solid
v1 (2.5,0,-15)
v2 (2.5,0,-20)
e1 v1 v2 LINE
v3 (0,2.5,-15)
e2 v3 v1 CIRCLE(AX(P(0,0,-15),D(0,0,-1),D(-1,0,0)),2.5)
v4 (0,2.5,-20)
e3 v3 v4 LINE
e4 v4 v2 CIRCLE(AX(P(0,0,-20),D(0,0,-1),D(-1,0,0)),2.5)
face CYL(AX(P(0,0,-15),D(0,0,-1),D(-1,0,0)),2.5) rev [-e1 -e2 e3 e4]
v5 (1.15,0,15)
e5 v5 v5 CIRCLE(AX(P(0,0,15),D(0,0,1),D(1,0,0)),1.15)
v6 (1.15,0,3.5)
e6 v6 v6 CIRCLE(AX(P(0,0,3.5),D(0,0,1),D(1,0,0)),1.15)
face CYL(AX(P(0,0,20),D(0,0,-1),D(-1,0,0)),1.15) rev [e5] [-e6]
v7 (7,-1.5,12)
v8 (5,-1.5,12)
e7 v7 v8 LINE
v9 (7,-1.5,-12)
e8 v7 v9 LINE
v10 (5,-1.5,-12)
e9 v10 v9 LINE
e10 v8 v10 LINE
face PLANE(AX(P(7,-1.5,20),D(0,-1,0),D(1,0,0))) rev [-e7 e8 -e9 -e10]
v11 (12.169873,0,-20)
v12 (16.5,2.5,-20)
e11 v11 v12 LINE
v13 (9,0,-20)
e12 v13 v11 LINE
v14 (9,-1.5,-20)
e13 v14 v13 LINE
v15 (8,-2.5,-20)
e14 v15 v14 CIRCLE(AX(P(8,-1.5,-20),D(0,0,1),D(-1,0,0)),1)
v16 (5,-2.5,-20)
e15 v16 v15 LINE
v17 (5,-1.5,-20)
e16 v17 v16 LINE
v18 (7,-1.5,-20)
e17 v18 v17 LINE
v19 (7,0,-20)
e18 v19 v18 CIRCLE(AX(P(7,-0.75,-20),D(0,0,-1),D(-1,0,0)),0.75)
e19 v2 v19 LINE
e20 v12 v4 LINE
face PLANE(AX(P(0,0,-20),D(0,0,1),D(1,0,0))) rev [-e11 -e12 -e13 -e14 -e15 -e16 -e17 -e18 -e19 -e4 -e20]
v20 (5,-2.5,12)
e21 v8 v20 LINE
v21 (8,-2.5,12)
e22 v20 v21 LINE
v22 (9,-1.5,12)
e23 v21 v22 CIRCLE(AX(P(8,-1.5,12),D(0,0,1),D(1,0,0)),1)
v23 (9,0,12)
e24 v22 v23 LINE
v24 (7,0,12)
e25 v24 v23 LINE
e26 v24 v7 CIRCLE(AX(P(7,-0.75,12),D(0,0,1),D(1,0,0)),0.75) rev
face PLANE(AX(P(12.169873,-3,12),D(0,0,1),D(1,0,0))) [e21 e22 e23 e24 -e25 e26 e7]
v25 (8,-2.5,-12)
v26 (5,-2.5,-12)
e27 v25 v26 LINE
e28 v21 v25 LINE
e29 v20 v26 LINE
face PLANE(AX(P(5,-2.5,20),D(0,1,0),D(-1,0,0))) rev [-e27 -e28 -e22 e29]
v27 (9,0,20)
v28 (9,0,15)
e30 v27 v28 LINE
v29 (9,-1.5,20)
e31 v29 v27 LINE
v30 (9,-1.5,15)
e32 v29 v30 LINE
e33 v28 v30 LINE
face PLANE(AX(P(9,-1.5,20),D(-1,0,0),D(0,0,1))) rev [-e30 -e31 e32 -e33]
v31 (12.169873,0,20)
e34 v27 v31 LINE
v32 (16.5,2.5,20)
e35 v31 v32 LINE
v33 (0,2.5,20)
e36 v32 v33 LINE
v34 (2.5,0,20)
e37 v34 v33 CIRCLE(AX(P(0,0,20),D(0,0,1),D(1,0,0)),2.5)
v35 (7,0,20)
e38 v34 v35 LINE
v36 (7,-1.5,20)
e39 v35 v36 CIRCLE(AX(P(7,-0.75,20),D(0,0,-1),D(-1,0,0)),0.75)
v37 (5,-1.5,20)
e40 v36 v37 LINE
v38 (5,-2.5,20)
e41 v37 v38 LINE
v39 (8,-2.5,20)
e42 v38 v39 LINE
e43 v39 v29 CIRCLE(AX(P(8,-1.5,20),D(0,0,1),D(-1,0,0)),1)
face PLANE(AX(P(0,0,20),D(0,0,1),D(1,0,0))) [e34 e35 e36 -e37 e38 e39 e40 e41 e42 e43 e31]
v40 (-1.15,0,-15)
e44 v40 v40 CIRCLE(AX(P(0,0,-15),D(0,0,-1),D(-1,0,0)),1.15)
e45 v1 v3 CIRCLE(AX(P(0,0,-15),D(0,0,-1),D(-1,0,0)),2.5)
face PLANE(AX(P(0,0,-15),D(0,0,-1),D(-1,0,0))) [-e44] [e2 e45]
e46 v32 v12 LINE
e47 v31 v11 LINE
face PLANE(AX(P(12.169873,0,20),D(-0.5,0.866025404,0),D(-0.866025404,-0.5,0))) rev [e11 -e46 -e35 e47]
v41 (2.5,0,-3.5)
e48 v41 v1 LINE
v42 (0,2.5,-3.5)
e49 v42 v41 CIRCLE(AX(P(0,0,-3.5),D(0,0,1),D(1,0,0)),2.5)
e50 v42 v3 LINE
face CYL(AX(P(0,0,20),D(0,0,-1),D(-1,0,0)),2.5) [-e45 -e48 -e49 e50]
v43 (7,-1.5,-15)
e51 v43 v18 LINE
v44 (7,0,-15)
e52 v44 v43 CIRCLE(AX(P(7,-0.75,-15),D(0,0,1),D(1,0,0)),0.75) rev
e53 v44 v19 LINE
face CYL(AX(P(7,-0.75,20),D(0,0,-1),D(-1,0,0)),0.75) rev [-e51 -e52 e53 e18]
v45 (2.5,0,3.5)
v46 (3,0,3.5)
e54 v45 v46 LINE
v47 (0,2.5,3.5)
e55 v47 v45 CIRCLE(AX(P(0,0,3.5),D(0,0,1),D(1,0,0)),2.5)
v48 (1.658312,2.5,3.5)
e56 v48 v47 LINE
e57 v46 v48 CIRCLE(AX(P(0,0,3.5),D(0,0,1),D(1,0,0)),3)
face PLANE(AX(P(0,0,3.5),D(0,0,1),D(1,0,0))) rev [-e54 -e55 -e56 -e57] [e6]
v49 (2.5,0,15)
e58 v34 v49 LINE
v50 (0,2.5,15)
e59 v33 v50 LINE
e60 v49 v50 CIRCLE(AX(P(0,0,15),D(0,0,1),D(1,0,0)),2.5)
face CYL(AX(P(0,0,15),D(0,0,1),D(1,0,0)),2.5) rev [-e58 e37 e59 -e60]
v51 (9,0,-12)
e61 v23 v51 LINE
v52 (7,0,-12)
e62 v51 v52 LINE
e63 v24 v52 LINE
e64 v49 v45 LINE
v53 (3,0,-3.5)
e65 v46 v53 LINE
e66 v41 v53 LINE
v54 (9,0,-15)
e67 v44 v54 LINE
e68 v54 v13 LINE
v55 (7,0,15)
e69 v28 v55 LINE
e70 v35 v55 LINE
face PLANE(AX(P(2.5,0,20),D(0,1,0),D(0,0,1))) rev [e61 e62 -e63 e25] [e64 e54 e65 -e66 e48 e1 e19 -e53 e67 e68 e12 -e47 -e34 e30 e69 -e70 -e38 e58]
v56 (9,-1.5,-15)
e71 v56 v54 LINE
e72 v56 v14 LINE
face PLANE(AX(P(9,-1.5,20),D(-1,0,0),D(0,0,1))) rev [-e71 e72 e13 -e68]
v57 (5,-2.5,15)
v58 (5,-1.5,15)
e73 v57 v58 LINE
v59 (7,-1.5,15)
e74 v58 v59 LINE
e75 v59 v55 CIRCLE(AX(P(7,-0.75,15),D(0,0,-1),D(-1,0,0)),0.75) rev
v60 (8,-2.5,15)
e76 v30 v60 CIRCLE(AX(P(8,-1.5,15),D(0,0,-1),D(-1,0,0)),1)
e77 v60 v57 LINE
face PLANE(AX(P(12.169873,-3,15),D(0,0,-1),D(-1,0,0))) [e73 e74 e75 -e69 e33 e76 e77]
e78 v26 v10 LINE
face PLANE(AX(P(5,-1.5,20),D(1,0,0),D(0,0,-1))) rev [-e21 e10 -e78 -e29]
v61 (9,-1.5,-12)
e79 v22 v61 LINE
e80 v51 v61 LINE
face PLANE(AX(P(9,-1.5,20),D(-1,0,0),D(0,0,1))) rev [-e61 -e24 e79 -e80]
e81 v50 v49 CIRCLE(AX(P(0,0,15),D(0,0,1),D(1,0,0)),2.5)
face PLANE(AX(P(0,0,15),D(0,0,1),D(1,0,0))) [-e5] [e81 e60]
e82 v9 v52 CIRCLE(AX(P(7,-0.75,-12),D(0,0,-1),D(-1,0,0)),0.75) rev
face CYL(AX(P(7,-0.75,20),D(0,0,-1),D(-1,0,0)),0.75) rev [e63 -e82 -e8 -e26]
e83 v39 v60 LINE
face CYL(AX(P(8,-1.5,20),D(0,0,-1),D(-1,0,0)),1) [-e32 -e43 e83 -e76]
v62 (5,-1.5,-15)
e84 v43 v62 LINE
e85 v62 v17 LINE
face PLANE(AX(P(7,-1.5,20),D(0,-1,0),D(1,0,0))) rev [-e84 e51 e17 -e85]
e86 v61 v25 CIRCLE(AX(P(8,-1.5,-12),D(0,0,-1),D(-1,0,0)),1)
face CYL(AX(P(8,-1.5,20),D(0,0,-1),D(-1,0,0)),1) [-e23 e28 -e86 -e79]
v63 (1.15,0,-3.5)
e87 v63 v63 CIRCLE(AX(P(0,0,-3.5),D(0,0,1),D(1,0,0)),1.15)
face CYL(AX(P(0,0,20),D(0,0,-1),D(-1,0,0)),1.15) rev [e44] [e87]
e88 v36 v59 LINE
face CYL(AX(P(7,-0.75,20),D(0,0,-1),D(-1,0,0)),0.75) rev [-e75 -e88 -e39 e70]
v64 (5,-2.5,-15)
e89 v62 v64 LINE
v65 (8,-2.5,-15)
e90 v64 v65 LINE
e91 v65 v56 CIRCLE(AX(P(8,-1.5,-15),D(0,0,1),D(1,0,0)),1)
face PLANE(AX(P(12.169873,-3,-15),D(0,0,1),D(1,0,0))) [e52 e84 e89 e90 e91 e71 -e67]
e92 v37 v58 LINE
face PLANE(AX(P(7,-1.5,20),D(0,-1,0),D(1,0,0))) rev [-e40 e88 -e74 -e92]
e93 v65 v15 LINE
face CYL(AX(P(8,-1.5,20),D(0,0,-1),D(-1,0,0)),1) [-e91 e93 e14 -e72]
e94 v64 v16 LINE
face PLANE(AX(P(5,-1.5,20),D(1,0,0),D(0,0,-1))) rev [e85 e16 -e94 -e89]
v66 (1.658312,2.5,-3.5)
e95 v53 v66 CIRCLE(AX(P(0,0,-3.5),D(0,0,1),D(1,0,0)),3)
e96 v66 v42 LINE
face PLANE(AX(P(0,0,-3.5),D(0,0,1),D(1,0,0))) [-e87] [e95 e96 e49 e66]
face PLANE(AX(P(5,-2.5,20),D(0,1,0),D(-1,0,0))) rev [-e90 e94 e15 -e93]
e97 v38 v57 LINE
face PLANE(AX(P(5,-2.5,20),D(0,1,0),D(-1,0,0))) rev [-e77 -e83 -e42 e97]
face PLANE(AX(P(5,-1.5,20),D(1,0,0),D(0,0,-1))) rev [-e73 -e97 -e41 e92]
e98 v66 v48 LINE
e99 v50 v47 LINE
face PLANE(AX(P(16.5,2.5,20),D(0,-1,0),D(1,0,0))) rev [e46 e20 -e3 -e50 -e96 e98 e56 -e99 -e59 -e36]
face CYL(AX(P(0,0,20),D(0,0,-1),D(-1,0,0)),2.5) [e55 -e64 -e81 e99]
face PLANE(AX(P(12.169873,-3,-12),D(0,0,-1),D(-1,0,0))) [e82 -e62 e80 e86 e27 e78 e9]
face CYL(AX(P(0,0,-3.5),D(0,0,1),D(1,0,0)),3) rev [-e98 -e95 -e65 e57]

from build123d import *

# Parameters (mm, degrees)
SKETCH_1_R          = 1.15
EXTRUDE_1_DEPTH     = 20
EXTRUDE_2_DEPTH     = 20
SKETCH_5_R          = 3
CUT_EXTRUDE_2_DEPTH = 3.5
CUT_EXTRUDE_START   = -5
SKETCH_6_R          = 2.5
CUT_EXTRUDE_3_DEPTH = 5
SKETCH_7_R          = 2.5
CUT_EXTRUDE_4_DEPTH = 5
SKETCH_10_W         = 9.669872981
SKETCH_10_H         = 3
CUT_EXTRUDE_5_DEPTH = 3


with BuildPart() as part:
    # 草图1 → 凸台-拉伸1 (new, symmetric)
    with BuildSketch(Plane.XY):
        with BuildLine():
            Line((2.5, 0), (12.169872981, 0))
            Line((12.169872981, 0), (16.5, 2.5))
            Line((16.5, 2.5), (0, 2.5))
            ThreePointArc((0, 2.5), (-1.767766953, -1.767766953), (2.5, 0))
        make_face()
        Circle(SKETCH_1_R, mode=Mode.SUBTRACT)
    extrude(amount=EXTRUDE_1_DEPTH, both=True)

    # 草图4 → 凸台-拉伸2 (add, symmetric)
    with BuildSketch(Plane.XY):
        with BuildLine():
            Line((7, -1.5), (5, -1.5))
            Line((5, -1.5), (5, -2.5))
            Line((5, -2.5), (8, -2.5))
            ThreePointArc((8, -2.5), (8.707106781, -2.207106781), (9, -1.5))
            Line((9, -1.5), (9, 0))
            Line((9, 0), (7, 0))
            ThreePointArc((7, 0), (7.75, -0.75), (7, -1.5))
        make_face()
    extrude(amount=EXTRUDE_2_DEPTH, both=True)

    # 草图5 → 切除-拉伸2 (cut, symmetric)
    with BuildSketch(Plane.XY):
        Circle(SKETCH_5_R)
    extrude(amount=CUT_EXTRUDE_2_DEPTH, both=True, mode=Mode.SUBTRACT)

    # 草图6 → 切除-拉伸3 (cut)
    with BuildSketch(Plane(origin=(0, 0, -20), x_dir=(-1, 0, 0), z_dir=(0, 0, -1)).offset(CUT_EXTRUDE_START)):
        Circle(SKETCH_6_R)
    extrude(amount=CUT_EXTRUDE_3_DEPTH, mode=Mode.SUBTRACT)

    # 草图7 → 切除-拉伸4 (cut)
    with BuildSketch(Plane.XY.offset(20)):
        Circle(SKETCH_7_R)
    extrude(amount=-CUT_EXTRUDE_4_DEPTH, mode=Mode.SUBTRACT)

    # 草图10 → 切除-拉伸5 (cut)
    with BuildSketch(Plane.XZ):
        with Locations((7.334936491, -13.5)):
            Rectangle(SKETCH_10_W, SKETCH_10_H)
        with Locations((7.334936491, 13.5)):
            Rectangle(SKETCH_10_W, SKETCH_10_H)
    extrude(amount=CUT_EXTRUDE_5_DEPTH, mode=Mode.SUBTRACT)


solid = part.part
